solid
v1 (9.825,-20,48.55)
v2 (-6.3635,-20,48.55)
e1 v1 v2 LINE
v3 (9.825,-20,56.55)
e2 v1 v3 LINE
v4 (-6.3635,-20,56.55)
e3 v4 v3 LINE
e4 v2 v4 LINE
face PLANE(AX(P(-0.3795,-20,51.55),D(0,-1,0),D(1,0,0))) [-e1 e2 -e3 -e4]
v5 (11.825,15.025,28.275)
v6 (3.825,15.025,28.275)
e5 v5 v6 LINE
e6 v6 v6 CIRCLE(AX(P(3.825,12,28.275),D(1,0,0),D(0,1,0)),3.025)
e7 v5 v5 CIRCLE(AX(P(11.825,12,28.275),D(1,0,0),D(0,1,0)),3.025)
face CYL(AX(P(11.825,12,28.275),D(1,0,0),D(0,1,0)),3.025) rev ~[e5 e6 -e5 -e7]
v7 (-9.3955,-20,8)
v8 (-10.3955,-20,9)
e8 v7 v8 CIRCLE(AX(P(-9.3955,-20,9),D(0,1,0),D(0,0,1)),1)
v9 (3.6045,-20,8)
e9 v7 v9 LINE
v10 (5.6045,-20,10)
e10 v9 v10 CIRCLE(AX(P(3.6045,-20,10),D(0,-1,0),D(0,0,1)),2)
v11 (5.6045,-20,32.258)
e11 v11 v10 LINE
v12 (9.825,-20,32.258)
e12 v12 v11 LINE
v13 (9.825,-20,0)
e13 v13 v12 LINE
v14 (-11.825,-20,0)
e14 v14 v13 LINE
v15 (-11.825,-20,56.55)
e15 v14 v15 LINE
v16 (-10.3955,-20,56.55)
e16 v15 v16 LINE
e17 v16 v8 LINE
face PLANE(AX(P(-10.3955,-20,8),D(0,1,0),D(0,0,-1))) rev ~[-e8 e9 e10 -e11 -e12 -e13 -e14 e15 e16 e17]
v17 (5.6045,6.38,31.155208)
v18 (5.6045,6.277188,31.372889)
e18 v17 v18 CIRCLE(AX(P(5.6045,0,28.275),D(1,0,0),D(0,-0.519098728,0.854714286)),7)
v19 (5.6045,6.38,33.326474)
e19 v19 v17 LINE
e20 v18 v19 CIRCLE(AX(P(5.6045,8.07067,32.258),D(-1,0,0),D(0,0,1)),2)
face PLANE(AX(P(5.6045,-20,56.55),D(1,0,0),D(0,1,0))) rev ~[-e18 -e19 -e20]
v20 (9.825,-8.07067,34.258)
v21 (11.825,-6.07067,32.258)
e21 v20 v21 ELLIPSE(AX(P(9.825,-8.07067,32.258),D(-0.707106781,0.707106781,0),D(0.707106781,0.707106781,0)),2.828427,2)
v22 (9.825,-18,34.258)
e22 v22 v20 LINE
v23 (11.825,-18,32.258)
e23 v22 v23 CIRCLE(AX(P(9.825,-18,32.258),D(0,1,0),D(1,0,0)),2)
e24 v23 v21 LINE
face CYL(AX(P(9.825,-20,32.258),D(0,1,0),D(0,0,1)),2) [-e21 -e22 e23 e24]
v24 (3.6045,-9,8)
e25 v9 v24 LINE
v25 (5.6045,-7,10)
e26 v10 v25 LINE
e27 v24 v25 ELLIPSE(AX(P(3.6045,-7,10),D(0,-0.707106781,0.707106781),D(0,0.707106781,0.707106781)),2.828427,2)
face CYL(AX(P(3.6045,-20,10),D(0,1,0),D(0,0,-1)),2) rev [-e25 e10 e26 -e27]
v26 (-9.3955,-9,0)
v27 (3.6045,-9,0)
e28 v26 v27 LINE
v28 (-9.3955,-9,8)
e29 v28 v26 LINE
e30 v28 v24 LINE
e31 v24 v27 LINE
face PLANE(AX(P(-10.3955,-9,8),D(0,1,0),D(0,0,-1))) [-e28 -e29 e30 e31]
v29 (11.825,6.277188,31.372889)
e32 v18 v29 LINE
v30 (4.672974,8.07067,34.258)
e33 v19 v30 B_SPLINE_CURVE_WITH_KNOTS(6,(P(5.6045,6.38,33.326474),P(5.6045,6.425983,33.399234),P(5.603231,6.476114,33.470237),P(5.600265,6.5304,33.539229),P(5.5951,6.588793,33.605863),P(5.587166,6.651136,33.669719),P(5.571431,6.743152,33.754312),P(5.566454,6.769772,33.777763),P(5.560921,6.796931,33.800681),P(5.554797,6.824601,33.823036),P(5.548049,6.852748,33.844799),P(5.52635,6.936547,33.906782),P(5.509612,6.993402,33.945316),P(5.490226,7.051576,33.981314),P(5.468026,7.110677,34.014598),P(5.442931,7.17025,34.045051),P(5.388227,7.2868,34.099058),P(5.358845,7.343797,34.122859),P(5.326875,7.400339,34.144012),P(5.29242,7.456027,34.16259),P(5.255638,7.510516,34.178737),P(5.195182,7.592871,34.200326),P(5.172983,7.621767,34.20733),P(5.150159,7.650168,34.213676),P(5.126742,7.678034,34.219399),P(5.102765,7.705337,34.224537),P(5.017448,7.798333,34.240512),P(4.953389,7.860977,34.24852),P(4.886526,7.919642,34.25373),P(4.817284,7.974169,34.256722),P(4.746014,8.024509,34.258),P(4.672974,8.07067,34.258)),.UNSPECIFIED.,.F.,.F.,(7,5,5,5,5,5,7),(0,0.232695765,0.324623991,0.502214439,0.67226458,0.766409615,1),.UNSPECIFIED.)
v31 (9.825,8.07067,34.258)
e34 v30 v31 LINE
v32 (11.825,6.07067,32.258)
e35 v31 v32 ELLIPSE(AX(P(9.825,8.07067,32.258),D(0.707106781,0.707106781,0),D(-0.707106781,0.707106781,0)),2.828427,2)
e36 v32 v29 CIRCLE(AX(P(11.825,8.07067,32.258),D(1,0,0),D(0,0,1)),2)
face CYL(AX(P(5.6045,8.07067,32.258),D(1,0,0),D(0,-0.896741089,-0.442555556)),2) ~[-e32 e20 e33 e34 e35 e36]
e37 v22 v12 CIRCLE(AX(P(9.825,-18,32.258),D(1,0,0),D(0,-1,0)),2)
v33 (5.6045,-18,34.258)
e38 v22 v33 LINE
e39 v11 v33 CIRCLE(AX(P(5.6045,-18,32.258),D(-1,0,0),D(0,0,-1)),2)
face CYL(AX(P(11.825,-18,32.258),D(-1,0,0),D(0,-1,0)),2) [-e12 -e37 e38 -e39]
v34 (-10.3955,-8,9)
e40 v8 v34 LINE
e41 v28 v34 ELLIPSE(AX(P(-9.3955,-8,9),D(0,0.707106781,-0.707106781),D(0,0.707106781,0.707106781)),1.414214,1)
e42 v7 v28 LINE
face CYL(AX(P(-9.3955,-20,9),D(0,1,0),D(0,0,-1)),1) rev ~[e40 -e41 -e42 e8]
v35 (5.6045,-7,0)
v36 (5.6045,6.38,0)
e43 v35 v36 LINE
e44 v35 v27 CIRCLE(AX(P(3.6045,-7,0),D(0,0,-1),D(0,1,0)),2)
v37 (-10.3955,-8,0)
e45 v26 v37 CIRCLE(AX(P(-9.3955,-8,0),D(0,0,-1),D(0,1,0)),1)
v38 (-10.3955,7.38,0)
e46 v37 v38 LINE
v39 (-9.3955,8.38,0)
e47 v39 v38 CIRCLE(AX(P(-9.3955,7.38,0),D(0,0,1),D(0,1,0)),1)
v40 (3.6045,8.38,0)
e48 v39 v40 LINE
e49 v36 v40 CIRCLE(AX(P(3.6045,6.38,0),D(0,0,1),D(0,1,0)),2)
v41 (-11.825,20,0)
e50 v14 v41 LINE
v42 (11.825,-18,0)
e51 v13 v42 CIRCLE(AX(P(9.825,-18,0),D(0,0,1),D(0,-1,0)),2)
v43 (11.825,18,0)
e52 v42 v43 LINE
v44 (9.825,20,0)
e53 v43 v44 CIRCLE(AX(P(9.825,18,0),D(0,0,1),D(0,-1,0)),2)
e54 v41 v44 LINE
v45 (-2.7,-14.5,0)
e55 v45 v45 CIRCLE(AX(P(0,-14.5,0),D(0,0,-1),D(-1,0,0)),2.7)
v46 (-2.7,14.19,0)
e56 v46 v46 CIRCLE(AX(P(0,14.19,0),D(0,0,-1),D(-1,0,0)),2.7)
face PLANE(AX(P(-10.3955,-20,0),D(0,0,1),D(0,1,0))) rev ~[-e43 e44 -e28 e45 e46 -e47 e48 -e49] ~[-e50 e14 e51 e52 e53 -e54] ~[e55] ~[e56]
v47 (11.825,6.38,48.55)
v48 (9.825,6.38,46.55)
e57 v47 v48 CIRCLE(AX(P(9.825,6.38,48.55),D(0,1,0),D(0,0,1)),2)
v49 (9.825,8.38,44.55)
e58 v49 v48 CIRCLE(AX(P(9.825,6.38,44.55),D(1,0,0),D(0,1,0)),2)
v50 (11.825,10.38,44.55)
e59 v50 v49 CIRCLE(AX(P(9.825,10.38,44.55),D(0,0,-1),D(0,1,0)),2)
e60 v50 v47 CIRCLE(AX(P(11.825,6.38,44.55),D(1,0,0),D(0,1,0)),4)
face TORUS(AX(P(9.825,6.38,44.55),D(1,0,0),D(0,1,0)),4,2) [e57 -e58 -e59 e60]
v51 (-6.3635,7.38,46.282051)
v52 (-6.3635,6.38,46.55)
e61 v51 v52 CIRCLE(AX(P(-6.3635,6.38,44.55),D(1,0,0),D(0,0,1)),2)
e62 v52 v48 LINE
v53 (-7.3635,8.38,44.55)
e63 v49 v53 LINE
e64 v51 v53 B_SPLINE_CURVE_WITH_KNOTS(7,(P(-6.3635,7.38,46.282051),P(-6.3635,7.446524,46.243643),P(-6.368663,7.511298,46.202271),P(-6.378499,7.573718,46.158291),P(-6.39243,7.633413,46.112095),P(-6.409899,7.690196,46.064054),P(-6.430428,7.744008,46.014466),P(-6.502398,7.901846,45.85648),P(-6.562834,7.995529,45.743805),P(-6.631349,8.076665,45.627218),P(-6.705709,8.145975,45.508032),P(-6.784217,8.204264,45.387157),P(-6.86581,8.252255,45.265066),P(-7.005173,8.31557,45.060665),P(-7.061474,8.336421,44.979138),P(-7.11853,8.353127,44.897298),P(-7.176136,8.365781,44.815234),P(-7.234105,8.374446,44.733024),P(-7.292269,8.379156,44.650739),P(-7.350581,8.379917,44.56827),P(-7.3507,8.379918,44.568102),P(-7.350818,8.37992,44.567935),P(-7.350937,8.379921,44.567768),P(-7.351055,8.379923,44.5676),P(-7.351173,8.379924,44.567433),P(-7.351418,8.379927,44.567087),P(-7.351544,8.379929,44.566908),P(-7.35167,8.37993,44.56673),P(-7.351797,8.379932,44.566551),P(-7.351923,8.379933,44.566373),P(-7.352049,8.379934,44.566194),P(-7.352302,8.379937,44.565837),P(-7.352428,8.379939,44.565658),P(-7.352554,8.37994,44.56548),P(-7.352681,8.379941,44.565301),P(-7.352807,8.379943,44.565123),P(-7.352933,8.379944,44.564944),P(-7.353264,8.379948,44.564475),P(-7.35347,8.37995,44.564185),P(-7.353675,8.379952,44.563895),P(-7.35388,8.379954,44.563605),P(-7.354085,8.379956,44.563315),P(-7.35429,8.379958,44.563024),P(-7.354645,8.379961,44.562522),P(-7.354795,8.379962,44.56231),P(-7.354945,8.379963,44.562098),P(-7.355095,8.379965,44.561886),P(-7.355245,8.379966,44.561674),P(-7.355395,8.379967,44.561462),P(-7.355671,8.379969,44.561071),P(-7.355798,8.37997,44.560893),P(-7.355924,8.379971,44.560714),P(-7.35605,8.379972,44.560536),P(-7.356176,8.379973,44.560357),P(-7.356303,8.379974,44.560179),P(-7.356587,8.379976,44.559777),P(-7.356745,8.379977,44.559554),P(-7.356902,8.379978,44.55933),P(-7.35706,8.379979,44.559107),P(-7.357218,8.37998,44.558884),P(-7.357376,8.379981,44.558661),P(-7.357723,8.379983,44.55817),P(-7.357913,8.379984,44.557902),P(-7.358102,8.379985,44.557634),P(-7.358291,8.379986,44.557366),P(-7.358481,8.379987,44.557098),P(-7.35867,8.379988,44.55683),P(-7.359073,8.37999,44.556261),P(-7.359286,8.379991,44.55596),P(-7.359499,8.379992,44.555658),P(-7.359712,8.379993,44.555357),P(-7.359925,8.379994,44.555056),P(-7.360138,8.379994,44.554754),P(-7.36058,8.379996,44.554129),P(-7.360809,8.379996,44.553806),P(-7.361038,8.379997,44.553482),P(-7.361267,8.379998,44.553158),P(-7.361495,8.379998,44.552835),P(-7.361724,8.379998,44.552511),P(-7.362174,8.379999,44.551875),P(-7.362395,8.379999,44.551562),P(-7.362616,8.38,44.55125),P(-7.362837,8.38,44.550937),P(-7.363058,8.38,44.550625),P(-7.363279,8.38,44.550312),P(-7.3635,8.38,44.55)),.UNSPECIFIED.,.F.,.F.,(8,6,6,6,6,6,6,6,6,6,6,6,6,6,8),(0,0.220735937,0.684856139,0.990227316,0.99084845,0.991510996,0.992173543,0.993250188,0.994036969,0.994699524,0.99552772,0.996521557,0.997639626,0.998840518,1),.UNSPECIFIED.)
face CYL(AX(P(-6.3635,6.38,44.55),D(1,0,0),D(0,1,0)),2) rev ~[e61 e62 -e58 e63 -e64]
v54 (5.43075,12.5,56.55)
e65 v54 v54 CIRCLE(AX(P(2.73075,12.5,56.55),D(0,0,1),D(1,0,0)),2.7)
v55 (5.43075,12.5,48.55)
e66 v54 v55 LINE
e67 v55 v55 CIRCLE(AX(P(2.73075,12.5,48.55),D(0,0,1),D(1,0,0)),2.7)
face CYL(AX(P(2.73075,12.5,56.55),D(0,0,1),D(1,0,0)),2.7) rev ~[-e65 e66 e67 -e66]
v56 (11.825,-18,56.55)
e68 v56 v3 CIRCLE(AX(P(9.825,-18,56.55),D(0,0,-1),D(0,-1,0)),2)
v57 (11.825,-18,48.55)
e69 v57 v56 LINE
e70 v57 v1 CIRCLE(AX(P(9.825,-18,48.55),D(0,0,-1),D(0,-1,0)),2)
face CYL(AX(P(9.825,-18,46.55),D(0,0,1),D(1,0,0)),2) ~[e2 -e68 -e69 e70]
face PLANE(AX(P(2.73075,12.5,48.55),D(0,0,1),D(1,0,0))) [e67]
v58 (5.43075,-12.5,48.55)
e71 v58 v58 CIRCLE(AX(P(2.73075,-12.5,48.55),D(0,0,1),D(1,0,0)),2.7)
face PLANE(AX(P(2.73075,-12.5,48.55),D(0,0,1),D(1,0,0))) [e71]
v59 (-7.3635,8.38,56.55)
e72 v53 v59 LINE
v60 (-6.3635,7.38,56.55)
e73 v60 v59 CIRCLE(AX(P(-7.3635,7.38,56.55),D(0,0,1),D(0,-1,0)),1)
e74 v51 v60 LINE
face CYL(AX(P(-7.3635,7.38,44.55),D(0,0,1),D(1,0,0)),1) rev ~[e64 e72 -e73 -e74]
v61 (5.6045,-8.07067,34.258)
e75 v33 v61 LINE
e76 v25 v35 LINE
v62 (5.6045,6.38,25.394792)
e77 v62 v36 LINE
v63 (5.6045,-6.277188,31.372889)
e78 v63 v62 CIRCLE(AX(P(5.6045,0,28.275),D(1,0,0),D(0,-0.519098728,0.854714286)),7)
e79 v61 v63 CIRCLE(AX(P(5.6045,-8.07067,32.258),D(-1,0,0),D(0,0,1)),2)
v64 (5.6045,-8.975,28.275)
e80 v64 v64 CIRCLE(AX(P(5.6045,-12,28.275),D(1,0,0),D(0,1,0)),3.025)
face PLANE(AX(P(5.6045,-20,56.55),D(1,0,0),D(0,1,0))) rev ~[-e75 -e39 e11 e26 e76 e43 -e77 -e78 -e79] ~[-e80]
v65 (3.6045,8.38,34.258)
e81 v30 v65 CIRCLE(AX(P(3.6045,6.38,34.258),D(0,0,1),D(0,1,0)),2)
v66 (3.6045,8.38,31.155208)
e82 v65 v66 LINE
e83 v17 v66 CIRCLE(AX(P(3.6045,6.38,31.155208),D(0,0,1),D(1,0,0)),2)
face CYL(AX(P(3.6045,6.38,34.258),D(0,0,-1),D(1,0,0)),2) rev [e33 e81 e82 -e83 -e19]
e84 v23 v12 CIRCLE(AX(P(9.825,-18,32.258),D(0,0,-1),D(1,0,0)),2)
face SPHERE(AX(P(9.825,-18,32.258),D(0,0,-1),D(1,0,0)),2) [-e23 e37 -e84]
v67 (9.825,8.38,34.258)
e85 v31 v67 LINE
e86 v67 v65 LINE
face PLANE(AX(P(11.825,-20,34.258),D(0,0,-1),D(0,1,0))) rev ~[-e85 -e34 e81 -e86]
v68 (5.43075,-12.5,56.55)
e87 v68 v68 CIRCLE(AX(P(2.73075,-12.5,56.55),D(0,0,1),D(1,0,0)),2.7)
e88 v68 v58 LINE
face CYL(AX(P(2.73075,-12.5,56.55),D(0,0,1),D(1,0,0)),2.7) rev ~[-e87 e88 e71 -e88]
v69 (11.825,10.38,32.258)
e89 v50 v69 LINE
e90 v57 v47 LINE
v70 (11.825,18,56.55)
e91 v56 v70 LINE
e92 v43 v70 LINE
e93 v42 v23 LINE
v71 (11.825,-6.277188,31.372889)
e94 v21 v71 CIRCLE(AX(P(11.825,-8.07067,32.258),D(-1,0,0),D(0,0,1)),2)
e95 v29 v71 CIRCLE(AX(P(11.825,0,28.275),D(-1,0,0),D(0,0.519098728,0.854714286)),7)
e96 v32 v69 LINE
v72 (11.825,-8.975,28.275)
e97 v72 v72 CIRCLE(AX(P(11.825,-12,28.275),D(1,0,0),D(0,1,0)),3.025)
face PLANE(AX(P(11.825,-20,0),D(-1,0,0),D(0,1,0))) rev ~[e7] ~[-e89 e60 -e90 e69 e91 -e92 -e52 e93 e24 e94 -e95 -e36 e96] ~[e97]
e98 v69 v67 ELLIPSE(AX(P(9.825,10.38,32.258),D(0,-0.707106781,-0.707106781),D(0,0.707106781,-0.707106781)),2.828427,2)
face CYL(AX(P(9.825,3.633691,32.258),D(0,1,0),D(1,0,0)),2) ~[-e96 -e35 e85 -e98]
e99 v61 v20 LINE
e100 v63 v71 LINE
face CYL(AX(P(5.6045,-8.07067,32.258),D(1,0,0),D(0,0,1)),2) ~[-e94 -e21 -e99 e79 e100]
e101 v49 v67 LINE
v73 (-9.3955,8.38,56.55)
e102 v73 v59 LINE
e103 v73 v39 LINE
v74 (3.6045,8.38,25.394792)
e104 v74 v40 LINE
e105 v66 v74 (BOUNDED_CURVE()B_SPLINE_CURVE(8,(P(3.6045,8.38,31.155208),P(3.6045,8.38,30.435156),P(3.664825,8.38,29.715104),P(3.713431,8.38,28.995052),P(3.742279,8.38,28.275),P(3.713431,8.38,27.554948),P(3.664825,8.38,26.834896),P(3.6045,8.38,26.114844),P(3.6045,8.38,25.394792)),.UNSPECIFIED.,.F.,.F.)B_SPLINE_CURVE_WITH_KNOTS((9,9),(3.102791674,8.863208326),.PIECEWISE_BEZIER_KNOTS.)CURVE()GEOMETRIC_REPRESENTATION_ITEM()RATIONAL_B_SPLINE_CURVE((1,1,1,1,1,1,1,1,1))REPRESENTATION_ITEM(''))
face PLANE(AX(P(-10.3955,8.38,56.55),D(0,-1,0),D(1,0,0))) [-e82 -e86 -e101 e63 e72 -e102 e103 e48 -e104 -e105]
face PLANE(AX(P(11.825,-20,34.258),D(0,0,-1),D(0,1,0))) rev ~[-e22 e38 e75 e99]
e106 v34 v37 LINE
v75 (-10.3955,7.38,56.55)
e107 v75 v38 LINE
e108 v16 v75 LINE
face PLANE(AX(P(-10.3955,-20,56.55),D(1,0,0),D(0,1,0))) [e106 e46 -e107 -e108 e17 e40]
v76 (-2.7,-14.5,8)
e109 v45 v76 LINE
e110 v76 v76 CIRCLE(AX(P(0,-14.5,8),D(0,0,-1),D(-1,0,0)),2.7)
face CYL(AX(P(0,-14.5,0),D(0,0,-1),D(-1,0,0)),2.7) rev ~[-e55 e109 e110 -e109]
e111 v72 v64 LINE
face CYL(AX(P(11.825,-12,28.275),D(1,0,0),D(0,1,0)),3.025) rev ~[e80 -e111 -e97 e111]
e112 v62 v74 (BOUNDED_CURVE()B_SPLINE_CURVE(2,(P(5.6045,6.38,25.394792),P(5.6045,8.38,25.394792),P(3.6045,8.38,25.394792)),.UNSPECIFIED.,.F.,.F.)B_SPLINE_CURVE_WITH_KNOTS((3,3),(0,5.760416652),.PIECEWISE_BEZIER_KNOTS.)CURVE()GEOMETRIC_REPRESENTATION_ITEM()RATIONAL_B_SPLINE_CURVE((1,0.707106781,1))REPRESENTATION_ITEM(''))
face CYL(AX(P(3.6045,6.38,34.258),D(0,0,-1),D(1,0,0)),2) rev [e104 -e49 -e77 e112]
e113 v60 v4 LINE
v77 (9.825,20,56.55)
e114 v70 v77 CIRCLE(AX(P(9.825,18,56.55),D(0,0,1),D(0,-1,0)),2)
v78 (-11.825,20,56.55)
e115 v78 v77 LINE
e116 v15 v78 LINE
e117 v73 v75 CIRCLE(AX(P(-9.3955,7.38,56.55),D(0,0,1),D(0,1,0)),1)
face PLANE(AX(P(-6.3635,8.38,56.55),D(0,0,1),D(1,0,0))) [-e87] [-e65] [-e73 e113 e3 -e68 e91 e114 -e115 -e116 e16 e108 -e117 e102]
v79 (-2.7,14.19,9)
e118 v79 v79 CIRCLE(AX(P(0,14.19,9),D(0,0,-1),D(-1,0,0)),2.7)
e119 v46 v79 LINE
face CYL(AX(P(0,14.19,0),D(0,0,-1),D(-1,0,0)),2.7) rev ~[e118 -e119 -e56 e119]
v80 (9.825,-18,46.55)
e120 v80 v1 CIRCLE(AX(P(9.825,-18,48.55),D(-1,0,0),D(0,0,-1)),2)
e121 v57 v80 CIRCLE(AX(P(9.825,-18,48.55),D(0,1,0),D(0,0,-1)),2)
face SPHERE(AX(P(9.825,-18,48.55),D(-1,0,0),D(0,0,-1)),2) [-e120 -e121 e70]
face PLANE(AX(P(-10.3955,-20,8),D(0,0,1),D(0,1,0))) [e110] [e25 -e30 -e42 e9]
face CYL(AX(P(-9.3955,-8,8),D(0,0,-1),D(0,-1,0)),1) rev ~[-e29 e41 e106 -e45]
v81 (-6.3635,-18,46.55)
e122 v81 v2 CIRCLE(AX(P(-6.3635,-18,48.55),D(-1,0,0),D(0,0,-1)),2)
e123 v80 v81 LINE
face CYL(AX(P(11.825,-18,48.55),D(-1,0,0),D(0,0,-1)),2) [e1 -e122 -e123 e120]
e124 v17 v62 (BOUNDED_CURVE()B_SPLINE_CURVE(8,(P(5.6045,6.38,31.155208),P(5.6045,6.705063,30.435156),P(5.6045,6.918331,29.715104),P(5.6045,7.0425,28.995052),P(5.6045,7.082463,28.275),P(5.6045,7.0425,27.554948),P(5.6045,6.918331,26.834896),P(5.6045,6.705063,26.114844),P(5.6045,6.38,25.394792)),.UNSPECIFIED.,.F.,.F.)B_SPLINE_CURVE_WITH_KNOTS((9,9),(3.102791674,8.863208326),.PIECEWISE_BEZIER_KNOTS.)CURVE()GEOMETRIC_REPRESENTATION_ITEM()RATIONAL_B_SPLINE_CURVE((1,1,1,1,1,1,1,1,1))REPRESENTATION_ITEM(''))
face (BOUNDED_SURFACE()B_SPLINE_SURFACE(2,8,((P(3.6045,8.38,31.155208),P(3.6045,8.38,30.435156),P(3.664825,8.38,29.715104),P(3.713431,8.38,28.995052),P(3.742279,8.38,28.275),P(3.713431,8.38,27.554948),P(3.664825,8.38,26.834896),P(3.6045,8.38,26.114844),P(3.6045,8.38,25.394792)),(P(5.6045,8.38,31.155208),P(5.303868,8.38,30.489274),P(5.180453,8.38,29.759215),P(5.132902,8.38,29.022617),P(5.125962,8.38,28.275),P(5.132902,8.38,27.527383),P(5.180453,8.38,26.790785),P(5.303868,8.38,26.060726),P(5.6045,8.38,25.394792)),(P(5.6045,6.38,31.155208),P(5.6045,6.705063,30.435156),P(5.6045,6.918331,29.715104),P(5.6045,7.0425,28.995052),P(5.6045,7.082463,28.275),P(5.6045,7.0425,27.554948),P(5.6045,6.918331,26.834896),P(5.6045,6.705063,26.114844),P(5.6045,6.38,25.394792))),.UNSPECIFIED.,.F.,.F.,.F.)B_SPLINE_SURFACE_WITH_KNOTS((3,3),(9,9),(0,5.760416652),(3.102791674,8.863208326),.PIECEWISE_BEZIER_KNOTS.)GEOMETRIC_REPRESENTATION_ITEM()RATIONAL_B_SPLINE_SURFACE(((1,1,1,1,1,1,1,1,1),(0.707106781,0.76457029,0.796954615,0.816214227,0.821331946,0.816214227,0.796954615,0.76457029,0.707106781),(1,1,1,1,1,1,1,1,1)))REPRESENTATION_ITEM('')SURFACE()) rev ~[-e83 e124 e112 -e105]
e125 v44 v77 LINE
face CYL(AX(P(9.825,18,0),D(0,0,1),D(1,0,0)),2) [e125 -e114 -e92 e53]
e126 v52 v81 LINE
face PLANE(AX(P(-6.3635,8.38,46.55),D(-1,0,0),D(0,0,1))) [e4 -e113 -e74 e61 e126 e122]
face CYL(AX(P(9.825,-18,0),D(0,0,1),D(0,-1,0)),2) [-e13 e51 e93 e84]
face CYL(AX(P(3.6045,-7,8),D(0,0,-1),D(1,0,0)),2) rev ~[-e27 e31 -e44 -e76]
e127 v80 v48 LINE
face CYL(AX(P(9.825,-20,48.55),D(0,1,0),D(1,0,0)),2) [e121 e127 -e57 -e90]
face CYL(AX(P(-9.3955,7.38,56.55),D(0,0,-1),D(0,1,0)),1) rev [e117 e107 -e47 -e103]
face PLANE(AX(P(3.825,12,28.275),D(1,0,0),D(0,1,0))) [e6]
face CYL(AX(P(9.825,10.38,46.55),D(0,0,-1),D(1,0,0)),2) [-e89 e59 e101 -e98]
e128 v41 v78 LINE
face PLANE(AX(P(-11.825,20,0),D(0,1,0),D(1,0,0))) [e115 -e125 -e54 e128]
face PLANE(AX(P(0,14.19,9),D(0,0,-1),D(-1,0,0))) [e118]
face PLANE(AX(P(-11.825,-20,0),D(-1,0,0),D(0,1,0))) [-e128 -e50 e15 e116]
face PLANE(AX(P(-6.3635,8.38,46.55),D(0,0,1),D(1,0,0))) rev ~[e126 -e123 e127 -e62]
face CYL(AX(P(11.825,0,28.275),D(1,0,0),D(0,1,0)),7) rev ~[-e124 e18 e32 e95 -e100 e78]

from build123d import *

# Parameters (mm, degrees)
SKETCH1_W           = 23.65
SKETCH1_H           = 40
BOSS_EXTRUDE1_DEPTH = 56.55
SKETCH2_W           = 16
SKETCH2_H           = 28.38
CUT_EXTRUDE1_DEPTH  = 62.137002911
SKETCH3_R           = 7
CUT_EXTRUDE2_DEPTH  = 6.2205
SKETCH6_R           = 3.025
CUT_EXTRUDE4_DEPTH  = 8
SKETCH4_W           = 11.968
SKETCH4_H           = 10
BOSS_EXTRUDE2_DEPTH = 28.38
SKETCH5_W           = 12.292
SKETCH5_H           = 28.38
CUT_EXTRUDE3_DEPTH  = 6.2205
FILLET5_R           = 2
SKETCH9_W           = 8
SKETCH9_H           = 11
BOSS_EXTRUDE3_DEPTH = 16
SKETCH8_R           = 2.7
CUT_EXTRUDE6_DEPTH  = 9
SKETCH7_R           = 2.7
CUT_EXTRUDE5_DEPTH  = 8
FILLET4_R           = 2
FILLET8_R           = 1


with BuildPart() as part:
    # Sketch1 → Boss-Extrude1 (new body)
    with BuildSketch(Plane.XY):
        Rectangle(SKETCH1_W, SKETCH1_H)
    extrude(amount=BOSS_EXTRUDE1_DEPTH)

    # Sketch2 → Cut-Extrude1 (cut, through all)
    with BuildSketch(Plane.XY.offset(56.55)):
        with Locations((-2.3955, -5.81)):
            Rectangle(SKETCH2_W, SKETCH2_H)
    extrude(amount=-CUT_EXTRUDE1_DEPTH, mode=Mode.SUBTRACT)

    # Sketch3 → Cut-Extrude2 (cut)
    with BuildSketch(Plane(origin=(11.825, 0, 0), x_dir=(0, 0, -1), z_dir=(1, 0, 0))):
        with Locations(Location((-28.275, 0, 0), (0, 0, 90))):
            Circle(SKETCH3_R)
    extrude(amount=-CUT_EXTRUDE2_DEPTH, mode=Mode.SUBTRACT)

    # Sketch6 → Cut-Extrude4 (cut)
    with BuildSketch(Plane(origin=(11.825, 0, 0), x_dir=(0, 0, -1), z_dir=(1, 0, 0))):
        with Locations(Location((-28.275, 12, 0), (0, 0, 90))):
            Circle(SKETCH6_R)
        with Locations(Location((-28.275, -12, 0), (0, 0, 90))):
            Circle(SKETCH6_R)
    extrude(amount=-CUT_EXTRUDE4_DEPTH, mode=Mode.SUBTRACT)

    # Sketch4 → Boss-Extrude2 (add)
    with BuildSketch(Plane.XZ.offset(-8.38)):
        with Locations((-0.3795, 51.55)):
            Rectangle(SKETCH4_W, SKETCH4_H)
    extrude(amount=BOSS_EXTRUDE2_DEPTH)

    # Sketch5 → Cut-Extrude3 (cut)
    with BuildSketch(Plane(origin=(11.825, 0, 0), x_dir=(0, 0, -1), z_dir=(1, 0, 0))):
        with Locations((-40.404, -5.81)):
            Rectangle(SKETCH5_W, SKETCH5_H)
    extrude(amount=-CUT_EXTRUDE3_DEPTH, mode=Mode.SUBTRACT)

    # Fillet5
    fillet5_edges = [part.edges().sort_by_distance(p)[0] for p in [
        (5.6045, 8.38, 17.129),
    ]]
    fillet(fillet5_edges, radius=FILLET5_R)

    # Sketch9 → Boss-Extrude3 (add)
    with BuildSketch(Plane(origin=(-10.3955, 0, 0), x_dir=(0, 0, -1), z_dir=(1, 0, 0))):
        with Locations((-4, -14.5)):
            Rectangle(SKETCH9_W, SKETCH9_H)
    extrude(amount=BOSS_EXTRUDE3_DEPTH)

    # Sketch8 → Cut-Extrude6 (cut)
    with BuildSketch(Plane(origin=(0, 0, 0), x_dir=(-1, 0, 0), z_dir=(0, 0, -1))):
        with Locations((0, 14.19)):
            Circle(SKETCH8_R)
        with Locations((0, -14.5)):
            Circle(SKETCH8_R)
    extrude(amount=-CUT_EXTRUDE6_DEPTH, mode=Mode.SUBTRACT)

    # Sketch7 → Cut-Extrude5 (cut)
    with BuildSketch(Plane.XY.offset(56.55)):
        with Locations((2.73075, 12.5)):
            Circle(SKETCH7_R)
        with Locations((2.73075, -12.5)):
            Circle(SKETCH7_R)
    extrude(amount=-CUT_EXTRUDE5_DEPTH, mode=Mode.SUBTRACT)

    # Fillet4
    fillet4_edges = [part.edges().sort_by_distance(p)[0] for p in [
        (5.6045, -14.5, 8),
        (5.6045, -9, 4),
        (2.73075, -20, 46.55),
        (2.73075, 8.38, 46.55),
        (8.71475, 3.633691099, 34.258),
        (8.71475, -3.633691099, 34.258),
        (11.825, -20, 17.129),
        (11.825, 8.38, 40.404),
        (11.825, -11.816845549, 34.258),
        (11.825, 6.006845549, 34.258),
        (11.825, -5.81, 46.55),
        (8.71475, -20, 34.258),
        (11.825, -20, 51.55),
        (11.825, 20, 28.275),
    ]]
    fillet(fillet4_edges, radius=FILLET4_R)

    # Fillet8
    fillet8_edges = [part.edges().sort_by_distance(p)[0] for p in [
        (-10.3955, -14.5, 8),
        (-10.3955, -9, 4),
        (-10.3955, 8.38, 28.275),
        (-6.3635, 8.38, 50.55),
    ]]
    fillet(fillet8_edges, radius=FILLET8_R)


solid = part.part
